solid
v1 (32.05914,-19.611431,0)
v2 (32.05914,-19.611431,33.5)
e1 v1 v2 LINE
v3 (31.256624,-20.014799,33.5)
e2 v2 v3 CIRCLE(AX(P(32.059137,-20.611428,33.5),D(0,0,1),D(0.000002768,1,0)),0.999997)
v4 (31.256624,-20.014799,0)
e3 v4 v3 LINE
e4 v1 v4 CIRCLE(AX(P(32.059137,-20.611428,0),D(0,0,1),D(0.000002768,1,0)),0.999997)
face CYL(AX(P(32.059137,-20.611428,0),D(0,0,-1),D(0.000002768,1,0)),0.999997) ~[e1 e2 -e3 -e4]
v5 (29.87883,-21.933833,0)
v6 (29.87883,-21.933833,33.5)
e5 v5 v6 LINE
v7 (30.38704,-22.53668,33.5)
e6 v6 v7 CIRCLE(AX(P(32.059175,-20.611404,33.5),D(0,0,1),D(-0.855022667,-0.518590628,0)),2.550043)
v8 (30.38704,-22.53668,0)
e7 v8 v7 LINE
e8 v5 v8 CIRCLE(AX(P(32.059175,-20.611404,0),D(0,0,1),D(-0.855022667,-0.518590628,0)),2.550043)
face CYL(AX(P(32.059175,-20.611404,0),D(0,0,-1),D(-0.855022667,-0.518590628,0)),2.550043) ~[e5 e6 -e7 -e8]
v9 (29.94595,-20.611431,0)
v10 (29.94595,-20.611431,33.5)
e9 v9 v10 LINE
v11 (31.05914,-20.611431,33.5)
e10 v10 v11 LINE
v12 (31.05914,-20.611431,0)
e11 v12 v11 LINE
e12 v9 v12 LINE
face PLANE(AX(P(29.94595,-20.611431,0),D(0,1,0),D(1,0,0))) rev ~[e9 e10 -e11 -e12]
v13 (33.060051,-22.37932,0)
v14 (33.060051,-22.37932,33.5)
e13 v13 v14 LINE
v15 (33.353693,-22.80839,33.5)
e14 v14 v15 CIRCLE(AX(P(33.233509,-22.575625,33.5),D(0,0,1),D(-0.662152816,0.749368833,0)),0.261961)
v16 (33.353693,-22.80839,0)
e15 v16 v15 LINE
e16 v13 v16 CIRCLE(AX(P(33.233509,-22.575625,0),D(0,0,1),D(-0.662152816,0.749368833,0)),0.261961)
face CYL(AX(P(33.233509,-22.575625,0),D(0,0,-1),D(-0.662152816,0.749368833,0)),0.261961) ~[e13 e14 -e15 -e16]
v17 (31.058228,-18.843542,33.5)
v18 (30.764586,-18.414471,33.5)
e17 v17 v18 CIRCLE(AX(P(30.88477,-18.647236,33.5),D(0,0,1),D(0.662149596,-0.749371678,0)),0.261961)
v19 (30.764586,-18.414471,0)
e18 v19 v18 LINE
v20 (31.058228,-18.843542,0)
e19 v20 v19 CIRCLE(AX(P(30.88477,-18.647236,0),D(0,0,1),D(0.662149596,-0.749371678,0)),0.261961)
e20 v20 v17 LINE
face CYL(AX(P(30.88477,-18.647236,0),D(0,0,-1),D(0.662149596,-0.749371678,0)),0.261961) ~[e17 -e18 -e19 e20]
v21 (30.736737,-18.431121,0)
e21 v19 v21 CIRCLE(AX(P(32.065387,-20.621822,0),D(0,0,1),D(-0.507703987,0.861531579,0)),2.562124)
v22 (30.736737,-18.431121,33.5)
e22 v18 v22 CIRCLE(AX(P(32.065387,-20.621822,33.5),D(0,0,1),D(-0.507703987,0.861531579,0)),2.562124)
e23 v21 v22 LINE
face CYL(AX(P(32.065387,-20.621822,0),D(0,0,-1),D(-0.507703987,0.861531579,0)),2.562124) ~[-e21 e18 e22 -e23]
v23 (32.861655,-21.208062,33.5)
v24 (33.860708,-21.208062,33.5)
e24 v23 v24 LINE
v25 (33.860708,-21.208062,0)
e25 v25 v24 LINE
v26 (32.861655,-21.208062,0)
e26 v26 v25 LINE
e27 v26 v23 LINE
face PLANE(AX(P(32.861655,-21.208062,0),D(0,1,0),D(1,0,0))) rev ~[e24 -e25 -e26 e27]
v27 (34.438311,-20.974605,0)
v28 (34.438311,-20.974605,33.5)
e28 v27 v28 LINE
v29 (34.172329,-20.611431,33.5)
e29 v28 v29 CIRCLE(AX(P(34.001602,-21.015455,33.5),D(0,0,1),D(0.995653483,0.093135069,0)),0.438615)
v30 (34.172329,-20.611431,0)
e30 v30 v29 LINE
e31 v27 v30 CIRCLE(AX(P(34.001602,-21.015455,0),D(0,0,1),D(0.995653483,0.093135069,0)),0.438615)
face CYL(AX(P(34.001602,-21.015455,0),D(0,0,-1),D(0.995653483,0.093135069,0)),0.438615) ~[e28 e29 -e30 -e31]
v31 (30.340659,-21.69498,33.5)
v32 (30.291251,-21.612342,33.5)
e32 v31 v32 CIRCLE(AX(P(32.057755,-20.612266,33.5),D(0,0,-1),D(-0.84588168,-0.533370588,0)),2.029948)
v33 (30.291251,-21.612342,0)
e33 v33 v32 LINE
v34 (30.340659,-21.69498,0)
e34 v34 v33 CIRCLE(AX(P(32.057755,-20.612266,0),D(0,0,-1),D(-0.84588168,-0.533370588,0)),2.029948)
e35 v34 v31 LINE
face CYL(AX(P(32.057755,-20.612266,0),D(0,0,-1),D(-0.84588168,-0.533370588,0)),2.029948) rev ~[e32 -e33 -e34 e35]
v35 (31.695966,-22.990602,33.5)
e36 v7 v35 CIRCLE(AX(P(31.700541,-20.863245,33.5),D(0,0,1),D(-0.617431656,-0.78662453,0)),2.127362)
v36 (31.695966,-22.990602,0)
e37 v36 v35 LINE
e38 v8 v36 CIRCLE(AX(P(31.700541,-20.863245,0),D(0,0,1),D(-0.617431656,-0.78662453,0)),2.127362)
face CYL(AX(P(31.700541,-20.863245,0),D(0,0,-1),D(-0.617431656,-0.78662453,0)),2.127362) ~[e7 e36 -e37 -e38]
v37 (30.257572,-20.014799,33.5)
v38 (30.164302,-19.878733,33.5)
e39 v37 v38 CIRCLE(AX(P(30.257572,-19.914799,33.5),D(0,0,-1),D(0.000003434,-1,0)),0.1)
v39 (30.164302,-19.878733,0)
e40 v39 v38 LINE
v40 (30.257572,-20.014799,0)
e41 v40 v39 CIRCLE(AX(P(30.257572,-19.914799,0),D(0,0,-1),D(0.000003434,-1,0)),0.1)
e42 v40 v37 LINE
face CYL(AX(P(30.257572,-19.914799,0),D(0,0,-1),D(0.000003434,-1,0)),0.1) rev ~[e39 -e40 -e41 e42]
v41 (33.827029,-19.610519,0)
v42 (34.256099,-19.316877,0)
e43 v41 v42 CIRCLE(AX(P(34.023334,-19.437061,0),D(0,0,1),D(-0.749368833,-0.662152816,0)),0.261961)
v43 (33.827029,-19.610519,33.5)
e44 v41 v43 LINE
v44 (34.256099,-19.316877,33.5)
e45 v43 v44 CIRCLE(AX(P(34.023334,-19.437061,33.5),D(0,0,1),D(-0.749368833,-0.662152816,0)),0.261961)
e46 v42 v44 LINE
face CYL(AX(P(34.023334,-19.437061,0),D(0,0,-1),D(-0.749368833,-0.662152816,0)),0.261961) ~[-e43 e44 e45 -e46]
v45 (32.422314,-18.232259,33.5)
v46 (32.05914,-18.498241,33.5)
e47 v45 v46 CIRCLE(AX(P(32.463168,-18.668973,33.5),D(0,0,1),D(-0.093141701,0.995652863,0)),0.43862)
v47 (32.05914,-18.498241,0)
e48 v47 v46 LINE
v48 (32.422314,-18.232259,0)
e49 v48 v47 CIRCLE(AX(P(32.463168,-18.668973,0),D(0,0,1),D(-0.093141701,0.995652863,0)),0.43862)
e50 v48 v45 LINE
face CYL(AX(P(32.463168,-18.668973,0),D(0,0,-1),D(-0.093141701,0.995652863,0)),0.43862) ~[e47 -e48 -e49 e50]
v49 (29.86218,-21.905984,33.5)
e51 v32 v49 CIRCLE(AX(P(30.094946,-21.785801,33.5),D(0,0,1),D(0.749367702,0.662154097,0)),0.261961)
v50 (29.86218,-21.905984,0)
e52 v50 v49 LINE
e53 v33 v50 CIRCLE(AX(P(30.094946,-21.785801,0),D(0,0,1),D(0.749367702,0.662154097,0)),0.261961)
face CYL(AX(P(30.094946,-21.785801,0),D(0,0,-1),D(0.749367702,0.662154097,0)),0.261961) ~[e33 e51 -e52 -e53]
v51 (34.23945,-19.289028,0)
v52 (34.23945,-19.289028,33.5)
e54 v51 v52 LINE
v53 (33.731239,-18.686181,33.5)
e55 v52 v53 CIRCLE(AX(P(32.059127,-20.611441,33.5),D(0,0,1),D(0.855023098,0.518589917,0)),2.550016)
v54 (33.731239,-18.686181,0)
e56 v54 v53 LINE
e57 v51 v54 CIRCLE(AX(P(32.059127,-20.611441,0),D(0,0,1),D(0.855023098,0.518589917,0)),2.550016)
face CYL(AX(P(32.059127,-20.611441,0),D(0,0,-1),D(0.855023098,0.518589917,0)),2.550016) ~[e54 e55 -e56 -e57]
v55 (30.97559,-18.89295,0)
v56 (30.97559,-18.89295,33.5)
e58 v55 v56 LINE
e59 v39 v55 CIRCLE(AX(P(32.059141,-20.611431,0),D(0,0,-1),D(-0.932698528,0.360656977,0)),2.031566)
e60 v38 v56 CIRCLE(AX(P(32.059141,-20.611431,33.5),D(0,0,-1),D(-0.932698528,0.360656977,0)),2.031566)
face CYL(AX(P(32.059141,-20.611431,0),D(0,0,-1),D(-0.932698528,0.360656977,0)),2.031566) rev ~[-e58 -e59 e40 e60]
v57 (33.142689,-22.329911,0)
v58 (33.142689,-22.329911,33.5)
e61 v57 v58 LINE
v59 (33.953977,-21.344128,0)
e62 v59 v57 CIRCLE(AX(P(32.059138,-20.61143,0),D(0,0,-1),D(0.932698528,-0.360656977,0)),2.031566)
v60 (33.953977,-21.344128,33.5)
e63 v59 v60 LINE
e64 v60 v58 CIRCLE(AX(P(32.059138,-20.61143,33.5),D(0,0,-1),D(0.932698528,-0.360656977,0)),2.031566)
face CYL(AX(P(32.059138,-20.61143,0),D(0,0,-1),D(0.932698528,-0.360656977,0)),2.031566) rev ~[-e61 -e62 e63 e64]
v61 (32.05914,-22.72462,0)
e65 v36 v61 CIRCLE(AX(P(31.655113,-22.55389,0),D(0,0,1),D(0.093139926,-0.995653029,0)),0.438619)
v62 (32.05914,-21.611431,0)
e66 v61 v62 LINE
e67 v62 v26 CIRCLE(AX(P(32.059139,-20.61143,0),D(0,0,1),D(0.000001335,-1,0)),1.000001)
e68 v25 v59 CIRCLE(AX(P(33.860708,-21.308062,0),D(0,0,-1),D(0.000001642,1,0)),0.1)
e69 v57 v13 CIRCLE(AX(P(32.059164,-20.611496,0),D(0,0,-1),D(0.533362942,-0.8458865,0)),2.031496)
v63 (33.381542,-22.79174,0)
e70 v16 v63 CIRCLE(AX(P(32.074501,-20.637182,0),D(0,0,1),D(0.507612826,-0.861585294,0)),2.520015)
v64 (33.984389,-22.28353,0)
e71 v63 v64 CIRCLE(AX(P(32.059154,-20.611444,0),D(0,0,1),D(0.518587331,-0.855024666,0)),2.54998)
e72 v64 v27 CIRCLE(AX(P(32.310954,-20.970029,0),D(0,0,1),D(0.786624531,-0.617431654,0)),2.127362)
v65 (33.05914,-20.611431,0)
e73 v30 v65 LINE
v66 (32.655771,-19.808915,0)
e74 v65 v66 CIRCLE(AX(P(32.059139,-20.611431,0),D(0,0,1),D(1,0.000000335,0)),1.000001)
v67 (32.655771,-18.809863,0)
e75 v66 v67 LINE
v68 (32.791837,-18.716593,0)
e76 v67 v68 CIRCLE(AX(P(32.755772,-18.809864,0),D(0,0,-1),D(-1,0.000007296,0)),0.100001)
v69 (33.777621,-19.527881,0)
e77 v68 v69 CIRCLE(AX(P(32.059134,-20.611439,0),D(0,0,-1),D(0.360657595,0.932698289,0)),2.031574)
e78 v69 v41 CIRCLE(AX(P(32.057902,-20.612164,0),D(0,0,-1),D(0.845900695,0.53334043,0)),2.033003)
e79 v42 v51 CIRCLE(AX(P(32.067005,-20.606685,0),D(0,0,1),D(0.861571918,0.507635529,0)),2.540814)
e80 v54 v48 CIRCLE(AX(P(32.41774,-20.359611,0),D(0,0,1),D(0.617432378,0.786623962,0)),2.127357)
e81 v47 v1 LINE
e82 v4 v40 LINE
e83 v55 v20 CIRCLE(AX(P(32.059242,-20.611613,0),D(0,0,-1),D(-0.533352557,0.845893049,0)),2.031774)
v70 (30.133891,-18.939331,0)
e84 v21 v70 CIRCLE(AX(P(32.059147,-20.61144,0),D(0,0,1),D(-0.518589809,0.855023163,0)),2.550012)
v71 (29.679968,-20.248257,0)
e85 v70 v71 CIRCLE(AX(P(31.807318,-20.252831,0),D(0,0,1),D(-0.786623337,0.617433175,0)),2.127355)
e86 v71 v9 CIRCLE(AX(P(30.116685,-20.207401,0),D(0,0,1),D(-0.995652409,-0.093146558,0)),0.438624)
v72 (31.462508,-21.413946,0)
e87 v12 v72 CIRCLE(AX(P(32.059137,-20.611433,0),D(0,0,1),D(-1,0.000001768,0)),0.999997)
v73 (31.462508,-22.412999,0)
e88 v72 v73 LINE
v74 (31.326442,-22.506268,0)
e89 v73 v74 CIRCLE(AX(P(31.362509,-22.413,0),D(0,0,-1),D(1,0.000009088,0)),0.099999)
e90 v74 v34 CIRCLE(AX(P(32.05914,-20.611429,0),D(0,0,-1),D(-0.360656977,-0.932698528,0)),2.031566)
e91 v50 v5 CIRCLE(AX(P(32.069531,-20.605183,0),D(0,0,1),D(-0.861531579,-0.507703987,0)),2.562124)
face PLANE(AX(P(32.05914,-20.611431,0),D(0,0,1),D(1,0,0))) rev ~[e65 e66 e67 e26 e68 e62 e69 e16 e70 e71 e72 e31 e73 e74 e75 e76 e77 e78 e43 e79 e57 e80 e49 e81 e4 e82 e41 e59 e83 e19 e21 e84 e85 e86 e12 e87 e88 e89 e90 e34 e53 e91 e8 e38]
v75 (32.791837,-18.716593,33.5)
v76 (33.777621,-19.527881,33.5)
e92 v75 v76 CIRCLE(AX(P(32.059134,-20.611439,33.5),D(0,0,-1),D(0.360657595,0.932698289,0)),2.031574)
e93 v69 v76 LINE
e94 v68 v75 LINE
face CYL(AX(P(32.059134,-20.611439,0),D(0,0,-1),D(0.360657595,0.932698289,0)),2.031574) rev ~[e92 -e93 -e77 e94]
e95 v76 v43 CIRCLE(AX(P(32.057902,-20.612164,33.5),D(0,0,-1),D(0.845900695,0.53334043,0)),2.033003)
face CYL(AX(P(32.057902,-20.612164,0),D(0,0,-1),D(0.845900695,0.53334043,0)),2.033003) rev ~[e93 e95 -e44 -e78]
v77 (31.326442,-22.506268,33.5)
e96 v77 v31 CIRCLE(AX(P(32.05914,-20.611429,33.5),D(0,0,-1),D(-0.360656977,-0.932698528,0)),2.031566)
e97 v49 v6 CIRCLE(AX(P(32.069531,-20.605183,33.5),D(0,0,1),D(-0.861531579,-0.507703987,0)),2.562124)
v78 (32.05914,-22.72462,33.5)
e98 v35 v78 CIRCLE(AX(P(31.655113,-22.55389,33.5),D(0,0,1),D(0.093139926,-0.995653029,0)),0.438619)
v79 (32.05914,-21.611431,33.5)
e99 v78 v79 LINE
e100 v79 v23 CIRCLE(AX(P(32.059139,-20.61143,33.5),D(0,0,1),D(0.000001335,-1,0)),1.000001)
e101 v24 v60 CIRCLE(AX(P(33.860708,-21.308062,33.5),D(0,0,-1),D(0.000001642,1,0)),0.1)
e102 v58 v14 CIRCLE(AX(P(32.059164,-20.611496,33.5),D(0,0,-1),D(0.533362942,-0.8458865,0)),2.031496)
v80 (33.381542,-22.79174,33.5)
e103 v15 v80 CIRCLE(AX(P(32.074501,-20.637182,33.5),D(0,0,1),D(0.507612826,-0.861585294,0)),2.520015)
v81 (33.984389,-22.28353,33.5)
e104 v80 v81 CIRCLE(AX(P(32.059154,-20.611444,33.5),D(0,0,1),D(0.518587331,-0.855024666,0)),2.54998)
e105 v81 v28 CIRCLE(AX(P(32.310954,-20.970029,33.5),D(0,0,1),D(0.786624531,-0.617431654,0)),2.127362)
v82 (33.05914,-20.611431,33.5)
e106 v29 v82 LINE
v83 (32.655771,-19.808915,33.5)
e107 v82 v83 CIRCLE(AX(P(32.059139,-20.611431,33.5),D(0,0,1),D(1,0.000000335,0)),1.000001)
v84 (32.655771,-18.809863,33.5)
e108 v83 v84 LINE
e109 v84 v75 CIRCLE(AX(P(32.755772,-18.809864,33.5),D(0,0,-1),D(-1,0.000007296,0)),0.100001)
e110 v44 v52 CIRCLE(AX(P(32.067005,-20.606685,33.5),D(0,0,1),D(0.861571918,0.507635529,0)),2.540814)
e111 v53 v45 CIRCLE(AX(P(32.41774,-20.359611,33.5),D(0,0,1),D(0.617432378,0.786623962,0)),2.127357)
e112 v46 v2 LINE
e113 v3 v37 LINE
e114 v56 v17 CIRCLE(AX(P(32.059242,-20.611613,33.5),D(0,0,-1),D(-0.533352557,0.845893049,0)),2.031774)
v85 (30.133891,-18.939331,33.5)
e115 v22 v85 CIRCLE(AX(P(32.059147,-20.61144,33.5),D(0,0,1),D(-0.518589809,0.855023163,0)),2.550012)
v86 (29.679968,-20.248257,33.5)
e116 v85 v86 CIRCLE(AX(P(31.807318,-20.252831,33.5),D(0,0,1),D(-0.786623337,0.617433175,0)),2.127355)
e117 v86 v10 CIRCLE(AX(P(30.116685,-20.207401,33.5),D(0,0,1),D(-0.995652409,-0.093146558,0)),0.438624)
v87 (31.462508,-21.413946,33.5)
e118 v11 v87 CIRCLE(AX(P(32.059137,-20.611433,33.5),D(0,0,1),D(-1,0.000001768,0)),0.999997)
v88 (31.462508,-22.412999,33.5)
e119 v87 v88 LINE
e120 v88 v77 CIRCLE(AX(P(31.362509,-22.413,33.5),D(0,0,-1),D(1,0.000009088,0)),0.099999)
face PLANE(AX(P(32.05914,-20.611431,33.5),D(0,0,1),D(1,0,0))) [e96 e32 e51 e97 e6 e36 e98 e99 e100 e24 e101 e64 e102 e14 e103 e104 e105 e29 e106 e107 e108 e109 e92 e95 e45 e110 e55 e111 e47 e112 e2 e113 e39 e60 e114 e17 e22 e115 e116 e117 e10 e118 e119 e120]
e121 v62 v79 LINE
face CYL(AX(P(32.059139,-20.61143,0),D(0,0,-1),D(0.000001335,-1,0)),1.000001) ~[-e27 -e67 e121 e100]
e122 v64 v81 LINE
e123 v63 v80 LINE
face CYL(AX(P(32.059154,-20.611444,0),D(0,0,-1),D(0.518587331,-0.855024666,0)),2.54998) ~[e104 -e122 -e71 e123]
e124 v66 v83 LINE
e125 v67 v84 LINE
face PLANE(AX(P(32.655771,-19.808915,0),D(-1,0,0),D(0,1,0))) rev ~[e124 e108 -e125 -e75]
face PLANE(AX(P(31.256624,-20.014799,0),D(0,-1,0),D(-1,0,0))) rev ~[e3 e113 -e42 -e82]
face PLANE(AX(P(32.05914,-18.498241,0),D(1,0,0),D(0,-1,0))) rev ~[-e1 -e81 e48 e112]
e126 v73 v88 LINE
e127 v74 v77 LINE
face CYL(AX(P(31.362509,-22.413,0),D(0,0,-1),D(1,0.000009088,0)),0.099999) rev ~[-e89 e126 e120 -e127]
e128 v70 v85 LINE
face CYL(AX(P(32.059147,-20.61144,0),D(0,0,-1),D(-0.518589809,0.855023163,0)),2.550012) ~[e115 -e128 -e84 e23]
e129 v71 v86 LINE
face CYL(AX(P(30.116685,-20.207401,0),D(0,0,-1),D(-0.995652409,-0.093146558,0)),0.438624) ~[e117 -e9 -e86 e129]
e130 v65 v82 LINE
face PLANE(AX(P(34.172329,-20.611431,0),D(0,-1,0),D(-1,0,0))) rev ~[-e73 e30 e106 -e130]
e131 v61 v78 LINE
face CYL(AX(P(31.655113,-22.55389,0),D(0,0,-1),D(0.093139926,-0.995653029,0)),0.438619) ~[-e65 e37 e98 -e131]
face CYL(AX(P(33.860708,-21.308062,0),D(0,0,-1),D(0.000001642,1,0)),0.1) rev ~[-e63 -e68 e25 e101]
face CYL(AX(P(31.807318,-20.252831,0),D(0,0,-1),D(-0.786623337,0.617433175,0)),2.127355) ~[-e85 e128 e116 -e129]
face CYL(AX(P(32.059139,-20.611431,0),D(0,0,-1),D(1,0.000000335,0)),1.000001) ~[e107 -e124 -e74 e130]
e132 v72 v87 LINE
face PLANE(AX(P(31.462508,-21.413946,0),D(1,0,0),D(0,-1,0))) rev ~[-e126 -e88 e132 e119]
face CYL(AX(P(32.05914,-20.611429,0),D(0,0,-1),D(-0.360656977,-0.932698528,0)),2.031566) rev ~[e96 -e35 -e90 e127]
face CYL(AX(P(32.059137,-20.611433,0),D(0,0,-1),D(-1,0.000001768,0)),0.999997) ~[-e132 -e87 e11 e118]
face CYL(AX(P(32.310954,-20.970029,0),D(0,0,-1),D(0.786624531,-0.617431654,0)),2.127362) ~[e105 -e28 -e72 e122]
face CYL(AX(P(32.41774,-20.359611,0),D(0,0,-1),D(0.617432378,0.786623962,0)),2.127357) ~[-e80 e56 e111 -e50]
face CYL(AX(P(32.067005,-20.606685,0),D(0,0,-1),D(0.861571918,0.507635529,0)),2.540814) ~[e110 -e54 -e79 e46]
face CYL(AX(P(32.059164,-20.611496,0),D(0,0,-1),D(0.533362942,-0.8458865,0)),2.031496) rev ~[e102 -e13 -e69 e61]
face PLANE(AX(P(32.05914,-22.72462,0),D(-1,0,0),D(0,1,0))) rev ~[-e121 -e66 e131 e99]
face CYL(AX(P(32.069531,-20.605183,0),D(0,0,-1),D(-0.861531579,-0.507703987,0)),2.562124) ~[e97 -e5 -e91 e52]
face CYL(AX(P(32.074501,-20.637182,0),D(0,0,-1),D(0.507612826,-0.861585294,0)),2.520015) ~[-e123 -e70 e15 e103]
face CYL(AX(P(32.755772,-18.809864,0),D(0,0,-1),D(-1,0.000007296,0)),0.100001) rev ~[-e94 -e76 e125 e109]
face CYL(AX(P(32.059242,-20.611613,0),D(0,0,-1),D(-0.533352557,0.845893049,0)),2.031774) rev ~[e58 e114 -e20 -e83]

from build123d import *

# Parameters (mm, degrees)
F1_DEPTH = 33.5


with BuildPart() as f1:
    # F0 (on Top) → F1 (new body)
    with BuildSketch(Plane.XY):
        with BuildLine():
            Line((29.94595, -20.611431), (31.05914, -20.611431))
            ThreePointArc((31.05914, -20.611431), (31.165654, -21.060523), (31.462508, -21.413946))
            Line((31.462508, -21.413946), (31.462508, -22.412999))
            ThreePointArc((31.462508, -22.412999), (31.419048, -22.495481), (31.326442, -22.506268))
            ThreePointArc((31.326442, -22.506268), (30.768165, -22.180073), (30.340659, -21.69498))
            ThreePointArc((30.340659, -21.69498), (30.315465, -21.653954), (30.291251, -21.612342))
            ThreePointArc((30.291251, -21.612342), (29.946997, -21.569618), (29.86218, -21.905984))
            ThreePointArc((29.86218, -21.905984), (29.870461, -21.919935), (29.87883, -21.933833))
            ThreePointArc((29.87883, -21.933833), (30.109494, -22.255018), (30.38704, -22.53668))
            ThreePointArc((30.38704, -22.53668), (31.003517, -22.873177), (31.695966, -22.990602))
            ThreePointArc((31.695966, -22.990602), (31.914277, -22.907755), (32.05914, -22.72462))
            Line((32.05914, -22.72462), (32.05914, -21.611431))
            ThreePointArc((32.05914, -21.611431), (32.508232, -21.504916), (32.861655, -21.208062))
            Line((32.861655, -21.208062), (33.860708, -21.208062))
            ThreePointArc((33.860708, -21.208062), (33.94319, -21.251523), (33.953977, -21.344128))
            ThreePointArc((33.953977, -21.344128), (33.627782, -21.902405), (33.142689, -22.329911))
            ThreePointArc((33.142689, -22.329911), (33.101663, -22.355105), (33.060051, -22.37932))
            ThreePointArc((33.060051, -22.37932), (33.017327, -22.723574), (33.353693, -22.80839))
            ThreePointArc((33.353693, -22.80839), (33.367644, -22.80011), (33.381542, -22.79174))
            ThreePointArc((33.381542, -22.79174), (33.702727, -22.561077), (33.984389, -22.28353))
            ThreePointArc((33.984389, -22.28353), (34.320886, -21.667053), (34.438311, -20.974605))
            ThreePointArc((34.438311, -20.974605), (34.355464, -20.756293), (34.172329, -20.611431))
            Line((34.172329, -20.611431), (33.05914, -20.611431))
            ThreePointArc((33.05914, -20.611431), (32.952625, -20.162338), (32.655771, -19.808915))
            Line((32.655771, -19.808915), (32.655771, -18.809863))
            ThreePointArc((32.655771, -18.809863), (32.699232, -18.727381), (32.791837, -18.716593))
            ThreePointArc((32.791837, -18.716593), (33.350114, -19.042788), (33.777621, -19.527881))
            ThreePointArc((33.777621, -19.527881), (33.802814, -19.568907), (33.827029, -19.610519))
            ThreePointArc((33.827029, -19.610519), (34.171283, -19.653243), (34.256099, -19.316877))
            ThreePointArc((34.256099, -19.316877), (34.247819, -19.302926), (34.23945, -19.289028))
            ThreePointArc((34.23945, -19.289028), (34.008786, -18.967843), (33.731239, -18.686181))
            ThreePointArc((33.731239, -18.686181), (33.114763, -18.349684), (32.422314, -18.232259))
            ThreePointArc((32.422314, -18.232259), (32.204002, -18.315107), (32.05914, -18.498241))
            Line((32.05914, -18.498241), (32.05914, -19.611431))
            ThreePointArc((32.05914, -19.611431), (31.610047, -19.717945), (31.256624, -20.014799))
            Line((31.256624, -20.014799), (30.257572, -20.014799))
            ThreePointArc((30.257572, -20.014799), (30.17509, -19.971339), (30.164302, -19.878733))
            ThreePointArc((30.164302, -19.878733), (30.490497, -19.320456), (30.97559, -18.89295))
            ThreePointArc((30.97559, -18.89295), (31.016617, -18.867756), (31.058228, -18.843542))
            ThreePointArc((31.058228, -18.843542), (31.100953, -18.499287), (30.764586, -18.414471))
            ThreePointArc((30.764586, -18.414471), (30.750635, -18.422752), (30.736737, -18.431121))
            ThreePointArc((30.736737, -18.431121), (30.415552, -18.661785), (30.133891, -18.939331))
            ThreePointArc((30.133891, -18.939331), (29.797393, -19.555808), (29.679968, -20.248257))
            ThreePointArc((29.679968, -20.248257), (29.762816, -20.466568), (29.94595, -20.611431))
        make_face()
    extrude(amount=F1_DEPTH)


solid = f1.part
